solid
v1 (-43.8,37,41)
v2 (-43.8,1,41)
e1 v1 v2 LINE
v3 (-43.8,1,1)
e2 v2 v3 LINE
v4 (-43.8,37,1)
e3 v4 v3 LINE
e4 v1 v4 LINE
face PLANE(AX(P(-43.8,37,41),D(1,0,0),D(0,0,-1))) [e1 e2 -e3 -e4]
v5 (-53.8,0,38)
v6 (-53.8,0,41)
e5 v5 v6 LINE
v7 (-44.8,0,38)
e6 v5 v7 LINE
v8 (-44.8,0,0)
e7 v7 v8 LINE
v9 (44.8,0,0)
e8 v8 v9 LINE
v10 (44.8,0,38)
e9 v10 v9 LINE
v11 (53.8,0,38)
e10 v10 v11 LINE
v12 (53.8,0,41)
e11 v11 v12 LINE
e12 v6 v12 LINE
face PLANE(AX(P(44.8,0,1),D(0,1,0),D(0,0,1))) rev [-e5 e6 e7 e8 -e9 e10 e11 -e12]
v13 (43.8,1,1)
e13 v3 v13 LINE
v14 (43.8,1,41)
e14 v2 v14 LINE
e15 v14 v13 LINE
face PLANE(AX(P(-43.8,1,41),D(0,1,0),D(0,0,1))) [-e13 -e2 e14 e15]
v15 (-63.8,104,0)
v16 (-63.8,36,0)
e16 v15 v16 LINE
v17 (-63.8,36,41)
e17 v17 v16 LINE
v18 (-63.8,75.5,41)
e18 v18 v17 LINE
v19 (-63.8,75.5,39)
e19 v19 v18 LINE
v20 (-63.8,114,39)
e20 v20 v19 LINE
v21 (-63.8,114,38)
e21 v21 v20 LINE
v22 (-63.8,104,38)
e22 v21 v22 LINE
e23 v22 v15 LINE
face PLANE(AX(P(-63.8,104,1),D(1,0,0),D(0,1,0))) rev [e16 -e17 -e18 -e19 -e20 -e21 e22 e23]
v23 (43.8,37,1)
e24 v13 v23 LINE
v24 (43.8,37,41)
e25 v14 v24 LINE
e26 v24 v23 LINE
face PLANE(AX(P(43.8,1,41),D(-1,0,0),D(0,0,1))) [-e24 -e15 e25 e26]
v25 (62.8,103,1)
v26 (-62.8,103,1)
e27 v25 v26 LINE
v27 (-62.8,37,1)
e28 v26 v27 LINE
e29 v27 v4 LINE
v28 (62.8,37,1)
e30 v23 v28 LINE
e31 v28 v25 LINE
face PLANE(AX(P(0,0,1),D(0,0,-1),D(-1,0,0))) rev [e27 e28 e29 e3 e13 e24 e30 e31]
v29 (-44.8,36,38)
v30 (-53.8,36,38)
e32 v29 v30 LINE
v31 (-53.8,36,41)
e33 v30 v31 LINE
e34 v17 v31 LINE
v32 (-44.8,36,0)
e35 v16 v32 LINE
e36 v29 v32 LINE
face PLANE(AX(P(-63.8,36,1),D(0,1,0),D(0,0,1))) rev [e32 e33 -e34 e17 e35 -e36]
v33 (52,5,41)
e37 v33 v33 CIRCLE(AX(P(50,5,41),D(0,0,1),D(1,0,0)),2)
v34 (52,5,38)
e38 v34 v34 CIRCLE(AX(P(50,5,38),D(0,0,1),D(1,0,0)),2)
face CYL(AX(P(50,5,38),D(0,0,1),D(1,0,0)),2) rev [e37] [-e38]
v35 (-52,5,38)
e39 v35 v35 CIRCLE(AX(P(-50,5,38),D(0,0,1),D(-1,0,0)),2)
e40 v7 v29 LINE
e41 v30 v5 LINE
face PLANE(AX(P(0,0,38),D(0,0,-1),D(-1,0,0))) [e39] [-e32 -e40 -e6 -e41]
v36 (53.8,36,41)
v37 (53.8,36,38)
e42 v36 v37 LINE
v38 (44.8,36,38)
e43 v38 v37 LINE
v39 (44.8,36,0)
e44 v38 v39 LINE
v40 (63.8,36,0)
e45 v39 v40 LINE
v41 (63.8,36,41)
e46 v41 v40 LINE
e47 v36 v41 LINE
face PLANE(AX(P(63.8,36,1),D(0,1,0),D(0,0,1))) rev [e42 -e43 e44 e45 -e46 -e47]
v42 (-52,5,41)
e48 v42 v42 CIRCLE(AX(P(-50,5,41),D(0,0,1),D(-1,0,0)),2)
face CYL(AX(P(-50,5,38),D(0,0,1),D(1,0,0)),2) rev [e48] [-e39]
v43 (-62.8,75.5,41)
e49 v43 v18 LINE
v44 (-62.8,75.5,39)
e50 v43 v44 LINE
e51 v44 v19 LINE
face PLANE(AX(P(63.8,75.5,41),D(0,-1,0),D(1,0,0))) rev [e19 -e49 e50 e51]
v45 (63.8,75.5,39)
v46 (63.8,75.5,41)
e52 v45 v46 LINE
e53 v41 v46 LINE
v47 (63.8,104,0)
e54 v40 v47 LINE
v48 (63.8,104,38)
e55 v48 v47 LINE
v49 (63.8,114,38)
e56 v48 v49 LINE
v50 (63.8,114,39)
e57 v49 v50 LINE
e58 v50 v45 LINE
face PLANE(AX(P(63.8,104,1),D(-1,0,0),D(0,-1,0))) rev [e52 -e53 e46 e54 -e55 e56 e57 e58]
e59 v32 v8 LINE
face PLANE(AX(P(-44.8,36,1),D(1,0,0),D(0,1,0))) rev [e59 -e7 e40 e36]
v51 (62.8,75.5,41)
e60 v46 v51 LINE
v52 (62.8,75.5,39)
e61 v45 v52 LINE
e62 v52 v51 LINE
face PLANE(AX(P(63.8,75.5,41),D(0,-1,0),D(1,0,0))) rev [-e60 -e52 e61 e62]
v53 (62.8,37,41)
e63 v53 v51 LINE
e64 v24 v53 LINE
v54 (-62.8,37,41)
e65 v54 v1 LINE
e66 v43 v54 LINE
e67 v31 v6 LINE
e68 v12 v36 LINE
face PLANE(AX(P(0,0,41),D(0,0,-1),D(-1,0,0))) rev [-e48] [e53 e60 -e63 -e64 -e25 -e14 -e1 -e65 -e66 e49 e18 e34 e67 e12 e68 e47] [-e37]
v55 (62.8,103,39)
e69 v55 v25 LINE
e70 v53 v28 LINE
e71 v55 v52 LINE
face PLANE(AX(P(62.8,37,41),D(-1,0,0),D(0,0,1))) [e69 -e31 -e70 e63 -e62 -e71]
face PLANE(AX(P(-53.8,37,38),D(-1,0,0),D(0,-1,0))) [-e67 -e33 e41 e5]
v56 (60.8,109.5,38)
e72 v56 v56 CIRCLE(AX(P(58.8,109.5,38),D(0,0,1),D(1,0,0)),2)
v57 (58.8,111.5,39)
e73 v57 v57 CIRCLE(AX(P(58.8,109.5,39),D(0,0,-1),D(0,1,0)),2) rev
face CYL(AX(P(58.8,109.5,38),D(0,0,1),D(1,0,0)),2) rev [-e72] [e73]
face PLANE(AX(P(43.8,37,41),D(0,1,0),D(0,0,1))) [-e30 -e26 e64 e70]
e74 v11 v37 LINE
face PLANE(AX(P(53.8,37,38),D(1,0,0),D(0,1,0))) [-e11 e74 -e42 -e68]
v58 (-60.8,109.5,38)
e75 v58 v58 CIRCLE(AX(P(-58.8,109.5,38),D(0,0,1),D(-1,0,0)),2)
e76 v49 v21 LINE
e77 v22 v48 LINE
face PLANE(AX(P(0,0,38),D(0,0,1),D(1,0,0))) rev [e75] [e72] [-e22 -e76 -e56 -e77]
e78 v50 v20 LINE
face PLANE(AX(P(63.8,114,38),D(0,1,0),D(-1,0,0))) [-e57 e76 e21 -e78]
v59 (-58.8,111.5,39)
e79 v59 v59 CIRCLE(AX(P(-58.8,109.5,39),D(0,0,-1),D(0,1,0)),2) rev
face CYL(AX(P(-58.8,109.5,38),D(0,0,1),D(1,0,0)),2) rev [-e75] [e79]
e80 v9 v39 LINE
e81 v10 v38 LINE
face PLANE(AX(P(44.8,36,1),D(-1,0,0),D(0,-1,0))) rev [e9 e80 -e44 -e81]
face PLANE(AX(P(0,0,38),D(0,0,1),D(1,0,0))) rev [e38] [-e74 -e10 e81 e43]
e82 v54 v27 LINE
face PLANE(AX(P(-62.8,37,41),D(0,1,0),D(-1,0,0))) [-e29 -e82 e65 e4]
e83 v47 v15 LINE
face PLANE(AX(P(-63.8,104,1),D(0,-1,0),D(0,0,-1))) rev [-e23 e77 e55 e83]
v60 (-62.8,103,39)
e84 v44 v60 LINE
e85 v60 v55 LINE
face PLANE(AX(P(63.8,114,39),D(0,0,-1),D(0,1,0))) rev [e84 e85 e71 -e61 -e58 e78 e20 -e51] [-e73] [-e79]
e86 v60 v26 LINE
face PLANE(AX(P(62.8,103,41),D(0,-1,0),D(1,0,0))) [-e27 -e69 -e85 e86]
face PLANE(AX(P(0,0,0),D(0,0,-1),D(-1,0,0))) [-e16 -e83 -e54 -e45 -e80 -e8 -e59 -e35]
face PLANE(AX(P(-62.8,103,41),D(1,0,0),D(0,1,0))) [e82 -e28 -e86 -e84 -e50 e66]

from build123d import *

# Parameters (mm, degrees)
EXTRUDE_1_DEPTH     = 1
EXTRUDE_2_DEPTH     = 40
SKETCH_3_W          = 127.6
SKETCH_3_H          = 10
SKETCH_3_R          = 2
SKETCH_3_W_2        = 10
SKETCH_3_H_2        = 37
EXTRUDE_3_DEPTH     = 3
SKETCH_4_W          = 2
SKETCH_4_H          = 38.5
CUT_EXTRUDE_1_DEPTH = 176.951015911


with BuildPart() as part:
    # 草图1 → 凸台-拉伸1 (new body)
    with BuildSketch(Plane.XY):
        Polygon((-63.8, 104), (63.8, 104), (63.8, 36), (44.8, 36), (44.8, 0), (-44.8, 0), (-44.8, 36), (-63.8, 36), align=None)
    extrude(amount=EXTRUDE_1_DEPTH)

    # 草图2 → 凸台-拉伸2 (add)
    with BuildSketch(Plane.XY.offset(1)):
        Polygon((-44.8, 36), (-44.8, 0), (44.8, 0), (44.8, 36), (63.8, 36), (63.8, 104), (-63.8, 104), (-63.8, 36), align=None)
        Polygon((62.8, 103), (-62.8, 103), (-62.8, 37), (-43.8, 37), (-43.8, 1), (43.8, 1), (43.8, 37), (62.8, 37), align=None, mode=Mode.SUBTRACT)
    extrude(amount=EXTRUDE_2_DEPTH)

    # 草图3 → 凸台-拉伸3 (add)
    # profile 1 of 3: a face of its own
    with BuildSketch(Plane.XY.offset(41)):
        with Locations((0, 109)):
            Rectangle(SKETCH_3_W, SKETCH_3_H)
        with Locations((58.8, 109.5)):
            Circle(SKETCH_3_R, mode=Mode.SUBTRACT)
        with Locations(Location((-58.8, 109.5, 0), (0, 0, 180))):
            Circle(SKETCH_3_R, mode=Mode.SUBTRACT)
    # profile 2 of 3: a face of its own
    with BuildSketch(Plane.XY.offset(41)):
        with Locations((48.8, 18.5)):
            Rectangle(SKETCH_3_W_2, SKETCH_3_H_2)
        with Locations((50, 5)):
            Circle(SKETCH_3_R, mode=Mode.SUBTRACT)
    # profile 3 of 3: a face of its own
    with BuildSketch(Plane.XY.offset(41)):
        with Locations((-48.8, 18.5)):
            Rectangle(SKETCH_3_W_2, SKETCH_3_H_2)
        with Locations(Location((-50, 5, 0), (0, 0, 180))):
            Circle(SKETCH_3_R, mode=Mode.SUBTRACT)
    extrude(amount=-EXTRUDE_3_DEPTH)

    # 草图4 → 切除-拉伸1 (cut, through all)
    with BuildSketch(Plane.ZY.offset(63.8)):
        with Locations((40, 94.75)):
            Rectangle(SKETCH_4_W, SKETCH_4_H)
    extrude(amount=-CUT_EXTRUDE_1_DEPTH, mode=Mode.SUBTRACT)


solid = part.part
